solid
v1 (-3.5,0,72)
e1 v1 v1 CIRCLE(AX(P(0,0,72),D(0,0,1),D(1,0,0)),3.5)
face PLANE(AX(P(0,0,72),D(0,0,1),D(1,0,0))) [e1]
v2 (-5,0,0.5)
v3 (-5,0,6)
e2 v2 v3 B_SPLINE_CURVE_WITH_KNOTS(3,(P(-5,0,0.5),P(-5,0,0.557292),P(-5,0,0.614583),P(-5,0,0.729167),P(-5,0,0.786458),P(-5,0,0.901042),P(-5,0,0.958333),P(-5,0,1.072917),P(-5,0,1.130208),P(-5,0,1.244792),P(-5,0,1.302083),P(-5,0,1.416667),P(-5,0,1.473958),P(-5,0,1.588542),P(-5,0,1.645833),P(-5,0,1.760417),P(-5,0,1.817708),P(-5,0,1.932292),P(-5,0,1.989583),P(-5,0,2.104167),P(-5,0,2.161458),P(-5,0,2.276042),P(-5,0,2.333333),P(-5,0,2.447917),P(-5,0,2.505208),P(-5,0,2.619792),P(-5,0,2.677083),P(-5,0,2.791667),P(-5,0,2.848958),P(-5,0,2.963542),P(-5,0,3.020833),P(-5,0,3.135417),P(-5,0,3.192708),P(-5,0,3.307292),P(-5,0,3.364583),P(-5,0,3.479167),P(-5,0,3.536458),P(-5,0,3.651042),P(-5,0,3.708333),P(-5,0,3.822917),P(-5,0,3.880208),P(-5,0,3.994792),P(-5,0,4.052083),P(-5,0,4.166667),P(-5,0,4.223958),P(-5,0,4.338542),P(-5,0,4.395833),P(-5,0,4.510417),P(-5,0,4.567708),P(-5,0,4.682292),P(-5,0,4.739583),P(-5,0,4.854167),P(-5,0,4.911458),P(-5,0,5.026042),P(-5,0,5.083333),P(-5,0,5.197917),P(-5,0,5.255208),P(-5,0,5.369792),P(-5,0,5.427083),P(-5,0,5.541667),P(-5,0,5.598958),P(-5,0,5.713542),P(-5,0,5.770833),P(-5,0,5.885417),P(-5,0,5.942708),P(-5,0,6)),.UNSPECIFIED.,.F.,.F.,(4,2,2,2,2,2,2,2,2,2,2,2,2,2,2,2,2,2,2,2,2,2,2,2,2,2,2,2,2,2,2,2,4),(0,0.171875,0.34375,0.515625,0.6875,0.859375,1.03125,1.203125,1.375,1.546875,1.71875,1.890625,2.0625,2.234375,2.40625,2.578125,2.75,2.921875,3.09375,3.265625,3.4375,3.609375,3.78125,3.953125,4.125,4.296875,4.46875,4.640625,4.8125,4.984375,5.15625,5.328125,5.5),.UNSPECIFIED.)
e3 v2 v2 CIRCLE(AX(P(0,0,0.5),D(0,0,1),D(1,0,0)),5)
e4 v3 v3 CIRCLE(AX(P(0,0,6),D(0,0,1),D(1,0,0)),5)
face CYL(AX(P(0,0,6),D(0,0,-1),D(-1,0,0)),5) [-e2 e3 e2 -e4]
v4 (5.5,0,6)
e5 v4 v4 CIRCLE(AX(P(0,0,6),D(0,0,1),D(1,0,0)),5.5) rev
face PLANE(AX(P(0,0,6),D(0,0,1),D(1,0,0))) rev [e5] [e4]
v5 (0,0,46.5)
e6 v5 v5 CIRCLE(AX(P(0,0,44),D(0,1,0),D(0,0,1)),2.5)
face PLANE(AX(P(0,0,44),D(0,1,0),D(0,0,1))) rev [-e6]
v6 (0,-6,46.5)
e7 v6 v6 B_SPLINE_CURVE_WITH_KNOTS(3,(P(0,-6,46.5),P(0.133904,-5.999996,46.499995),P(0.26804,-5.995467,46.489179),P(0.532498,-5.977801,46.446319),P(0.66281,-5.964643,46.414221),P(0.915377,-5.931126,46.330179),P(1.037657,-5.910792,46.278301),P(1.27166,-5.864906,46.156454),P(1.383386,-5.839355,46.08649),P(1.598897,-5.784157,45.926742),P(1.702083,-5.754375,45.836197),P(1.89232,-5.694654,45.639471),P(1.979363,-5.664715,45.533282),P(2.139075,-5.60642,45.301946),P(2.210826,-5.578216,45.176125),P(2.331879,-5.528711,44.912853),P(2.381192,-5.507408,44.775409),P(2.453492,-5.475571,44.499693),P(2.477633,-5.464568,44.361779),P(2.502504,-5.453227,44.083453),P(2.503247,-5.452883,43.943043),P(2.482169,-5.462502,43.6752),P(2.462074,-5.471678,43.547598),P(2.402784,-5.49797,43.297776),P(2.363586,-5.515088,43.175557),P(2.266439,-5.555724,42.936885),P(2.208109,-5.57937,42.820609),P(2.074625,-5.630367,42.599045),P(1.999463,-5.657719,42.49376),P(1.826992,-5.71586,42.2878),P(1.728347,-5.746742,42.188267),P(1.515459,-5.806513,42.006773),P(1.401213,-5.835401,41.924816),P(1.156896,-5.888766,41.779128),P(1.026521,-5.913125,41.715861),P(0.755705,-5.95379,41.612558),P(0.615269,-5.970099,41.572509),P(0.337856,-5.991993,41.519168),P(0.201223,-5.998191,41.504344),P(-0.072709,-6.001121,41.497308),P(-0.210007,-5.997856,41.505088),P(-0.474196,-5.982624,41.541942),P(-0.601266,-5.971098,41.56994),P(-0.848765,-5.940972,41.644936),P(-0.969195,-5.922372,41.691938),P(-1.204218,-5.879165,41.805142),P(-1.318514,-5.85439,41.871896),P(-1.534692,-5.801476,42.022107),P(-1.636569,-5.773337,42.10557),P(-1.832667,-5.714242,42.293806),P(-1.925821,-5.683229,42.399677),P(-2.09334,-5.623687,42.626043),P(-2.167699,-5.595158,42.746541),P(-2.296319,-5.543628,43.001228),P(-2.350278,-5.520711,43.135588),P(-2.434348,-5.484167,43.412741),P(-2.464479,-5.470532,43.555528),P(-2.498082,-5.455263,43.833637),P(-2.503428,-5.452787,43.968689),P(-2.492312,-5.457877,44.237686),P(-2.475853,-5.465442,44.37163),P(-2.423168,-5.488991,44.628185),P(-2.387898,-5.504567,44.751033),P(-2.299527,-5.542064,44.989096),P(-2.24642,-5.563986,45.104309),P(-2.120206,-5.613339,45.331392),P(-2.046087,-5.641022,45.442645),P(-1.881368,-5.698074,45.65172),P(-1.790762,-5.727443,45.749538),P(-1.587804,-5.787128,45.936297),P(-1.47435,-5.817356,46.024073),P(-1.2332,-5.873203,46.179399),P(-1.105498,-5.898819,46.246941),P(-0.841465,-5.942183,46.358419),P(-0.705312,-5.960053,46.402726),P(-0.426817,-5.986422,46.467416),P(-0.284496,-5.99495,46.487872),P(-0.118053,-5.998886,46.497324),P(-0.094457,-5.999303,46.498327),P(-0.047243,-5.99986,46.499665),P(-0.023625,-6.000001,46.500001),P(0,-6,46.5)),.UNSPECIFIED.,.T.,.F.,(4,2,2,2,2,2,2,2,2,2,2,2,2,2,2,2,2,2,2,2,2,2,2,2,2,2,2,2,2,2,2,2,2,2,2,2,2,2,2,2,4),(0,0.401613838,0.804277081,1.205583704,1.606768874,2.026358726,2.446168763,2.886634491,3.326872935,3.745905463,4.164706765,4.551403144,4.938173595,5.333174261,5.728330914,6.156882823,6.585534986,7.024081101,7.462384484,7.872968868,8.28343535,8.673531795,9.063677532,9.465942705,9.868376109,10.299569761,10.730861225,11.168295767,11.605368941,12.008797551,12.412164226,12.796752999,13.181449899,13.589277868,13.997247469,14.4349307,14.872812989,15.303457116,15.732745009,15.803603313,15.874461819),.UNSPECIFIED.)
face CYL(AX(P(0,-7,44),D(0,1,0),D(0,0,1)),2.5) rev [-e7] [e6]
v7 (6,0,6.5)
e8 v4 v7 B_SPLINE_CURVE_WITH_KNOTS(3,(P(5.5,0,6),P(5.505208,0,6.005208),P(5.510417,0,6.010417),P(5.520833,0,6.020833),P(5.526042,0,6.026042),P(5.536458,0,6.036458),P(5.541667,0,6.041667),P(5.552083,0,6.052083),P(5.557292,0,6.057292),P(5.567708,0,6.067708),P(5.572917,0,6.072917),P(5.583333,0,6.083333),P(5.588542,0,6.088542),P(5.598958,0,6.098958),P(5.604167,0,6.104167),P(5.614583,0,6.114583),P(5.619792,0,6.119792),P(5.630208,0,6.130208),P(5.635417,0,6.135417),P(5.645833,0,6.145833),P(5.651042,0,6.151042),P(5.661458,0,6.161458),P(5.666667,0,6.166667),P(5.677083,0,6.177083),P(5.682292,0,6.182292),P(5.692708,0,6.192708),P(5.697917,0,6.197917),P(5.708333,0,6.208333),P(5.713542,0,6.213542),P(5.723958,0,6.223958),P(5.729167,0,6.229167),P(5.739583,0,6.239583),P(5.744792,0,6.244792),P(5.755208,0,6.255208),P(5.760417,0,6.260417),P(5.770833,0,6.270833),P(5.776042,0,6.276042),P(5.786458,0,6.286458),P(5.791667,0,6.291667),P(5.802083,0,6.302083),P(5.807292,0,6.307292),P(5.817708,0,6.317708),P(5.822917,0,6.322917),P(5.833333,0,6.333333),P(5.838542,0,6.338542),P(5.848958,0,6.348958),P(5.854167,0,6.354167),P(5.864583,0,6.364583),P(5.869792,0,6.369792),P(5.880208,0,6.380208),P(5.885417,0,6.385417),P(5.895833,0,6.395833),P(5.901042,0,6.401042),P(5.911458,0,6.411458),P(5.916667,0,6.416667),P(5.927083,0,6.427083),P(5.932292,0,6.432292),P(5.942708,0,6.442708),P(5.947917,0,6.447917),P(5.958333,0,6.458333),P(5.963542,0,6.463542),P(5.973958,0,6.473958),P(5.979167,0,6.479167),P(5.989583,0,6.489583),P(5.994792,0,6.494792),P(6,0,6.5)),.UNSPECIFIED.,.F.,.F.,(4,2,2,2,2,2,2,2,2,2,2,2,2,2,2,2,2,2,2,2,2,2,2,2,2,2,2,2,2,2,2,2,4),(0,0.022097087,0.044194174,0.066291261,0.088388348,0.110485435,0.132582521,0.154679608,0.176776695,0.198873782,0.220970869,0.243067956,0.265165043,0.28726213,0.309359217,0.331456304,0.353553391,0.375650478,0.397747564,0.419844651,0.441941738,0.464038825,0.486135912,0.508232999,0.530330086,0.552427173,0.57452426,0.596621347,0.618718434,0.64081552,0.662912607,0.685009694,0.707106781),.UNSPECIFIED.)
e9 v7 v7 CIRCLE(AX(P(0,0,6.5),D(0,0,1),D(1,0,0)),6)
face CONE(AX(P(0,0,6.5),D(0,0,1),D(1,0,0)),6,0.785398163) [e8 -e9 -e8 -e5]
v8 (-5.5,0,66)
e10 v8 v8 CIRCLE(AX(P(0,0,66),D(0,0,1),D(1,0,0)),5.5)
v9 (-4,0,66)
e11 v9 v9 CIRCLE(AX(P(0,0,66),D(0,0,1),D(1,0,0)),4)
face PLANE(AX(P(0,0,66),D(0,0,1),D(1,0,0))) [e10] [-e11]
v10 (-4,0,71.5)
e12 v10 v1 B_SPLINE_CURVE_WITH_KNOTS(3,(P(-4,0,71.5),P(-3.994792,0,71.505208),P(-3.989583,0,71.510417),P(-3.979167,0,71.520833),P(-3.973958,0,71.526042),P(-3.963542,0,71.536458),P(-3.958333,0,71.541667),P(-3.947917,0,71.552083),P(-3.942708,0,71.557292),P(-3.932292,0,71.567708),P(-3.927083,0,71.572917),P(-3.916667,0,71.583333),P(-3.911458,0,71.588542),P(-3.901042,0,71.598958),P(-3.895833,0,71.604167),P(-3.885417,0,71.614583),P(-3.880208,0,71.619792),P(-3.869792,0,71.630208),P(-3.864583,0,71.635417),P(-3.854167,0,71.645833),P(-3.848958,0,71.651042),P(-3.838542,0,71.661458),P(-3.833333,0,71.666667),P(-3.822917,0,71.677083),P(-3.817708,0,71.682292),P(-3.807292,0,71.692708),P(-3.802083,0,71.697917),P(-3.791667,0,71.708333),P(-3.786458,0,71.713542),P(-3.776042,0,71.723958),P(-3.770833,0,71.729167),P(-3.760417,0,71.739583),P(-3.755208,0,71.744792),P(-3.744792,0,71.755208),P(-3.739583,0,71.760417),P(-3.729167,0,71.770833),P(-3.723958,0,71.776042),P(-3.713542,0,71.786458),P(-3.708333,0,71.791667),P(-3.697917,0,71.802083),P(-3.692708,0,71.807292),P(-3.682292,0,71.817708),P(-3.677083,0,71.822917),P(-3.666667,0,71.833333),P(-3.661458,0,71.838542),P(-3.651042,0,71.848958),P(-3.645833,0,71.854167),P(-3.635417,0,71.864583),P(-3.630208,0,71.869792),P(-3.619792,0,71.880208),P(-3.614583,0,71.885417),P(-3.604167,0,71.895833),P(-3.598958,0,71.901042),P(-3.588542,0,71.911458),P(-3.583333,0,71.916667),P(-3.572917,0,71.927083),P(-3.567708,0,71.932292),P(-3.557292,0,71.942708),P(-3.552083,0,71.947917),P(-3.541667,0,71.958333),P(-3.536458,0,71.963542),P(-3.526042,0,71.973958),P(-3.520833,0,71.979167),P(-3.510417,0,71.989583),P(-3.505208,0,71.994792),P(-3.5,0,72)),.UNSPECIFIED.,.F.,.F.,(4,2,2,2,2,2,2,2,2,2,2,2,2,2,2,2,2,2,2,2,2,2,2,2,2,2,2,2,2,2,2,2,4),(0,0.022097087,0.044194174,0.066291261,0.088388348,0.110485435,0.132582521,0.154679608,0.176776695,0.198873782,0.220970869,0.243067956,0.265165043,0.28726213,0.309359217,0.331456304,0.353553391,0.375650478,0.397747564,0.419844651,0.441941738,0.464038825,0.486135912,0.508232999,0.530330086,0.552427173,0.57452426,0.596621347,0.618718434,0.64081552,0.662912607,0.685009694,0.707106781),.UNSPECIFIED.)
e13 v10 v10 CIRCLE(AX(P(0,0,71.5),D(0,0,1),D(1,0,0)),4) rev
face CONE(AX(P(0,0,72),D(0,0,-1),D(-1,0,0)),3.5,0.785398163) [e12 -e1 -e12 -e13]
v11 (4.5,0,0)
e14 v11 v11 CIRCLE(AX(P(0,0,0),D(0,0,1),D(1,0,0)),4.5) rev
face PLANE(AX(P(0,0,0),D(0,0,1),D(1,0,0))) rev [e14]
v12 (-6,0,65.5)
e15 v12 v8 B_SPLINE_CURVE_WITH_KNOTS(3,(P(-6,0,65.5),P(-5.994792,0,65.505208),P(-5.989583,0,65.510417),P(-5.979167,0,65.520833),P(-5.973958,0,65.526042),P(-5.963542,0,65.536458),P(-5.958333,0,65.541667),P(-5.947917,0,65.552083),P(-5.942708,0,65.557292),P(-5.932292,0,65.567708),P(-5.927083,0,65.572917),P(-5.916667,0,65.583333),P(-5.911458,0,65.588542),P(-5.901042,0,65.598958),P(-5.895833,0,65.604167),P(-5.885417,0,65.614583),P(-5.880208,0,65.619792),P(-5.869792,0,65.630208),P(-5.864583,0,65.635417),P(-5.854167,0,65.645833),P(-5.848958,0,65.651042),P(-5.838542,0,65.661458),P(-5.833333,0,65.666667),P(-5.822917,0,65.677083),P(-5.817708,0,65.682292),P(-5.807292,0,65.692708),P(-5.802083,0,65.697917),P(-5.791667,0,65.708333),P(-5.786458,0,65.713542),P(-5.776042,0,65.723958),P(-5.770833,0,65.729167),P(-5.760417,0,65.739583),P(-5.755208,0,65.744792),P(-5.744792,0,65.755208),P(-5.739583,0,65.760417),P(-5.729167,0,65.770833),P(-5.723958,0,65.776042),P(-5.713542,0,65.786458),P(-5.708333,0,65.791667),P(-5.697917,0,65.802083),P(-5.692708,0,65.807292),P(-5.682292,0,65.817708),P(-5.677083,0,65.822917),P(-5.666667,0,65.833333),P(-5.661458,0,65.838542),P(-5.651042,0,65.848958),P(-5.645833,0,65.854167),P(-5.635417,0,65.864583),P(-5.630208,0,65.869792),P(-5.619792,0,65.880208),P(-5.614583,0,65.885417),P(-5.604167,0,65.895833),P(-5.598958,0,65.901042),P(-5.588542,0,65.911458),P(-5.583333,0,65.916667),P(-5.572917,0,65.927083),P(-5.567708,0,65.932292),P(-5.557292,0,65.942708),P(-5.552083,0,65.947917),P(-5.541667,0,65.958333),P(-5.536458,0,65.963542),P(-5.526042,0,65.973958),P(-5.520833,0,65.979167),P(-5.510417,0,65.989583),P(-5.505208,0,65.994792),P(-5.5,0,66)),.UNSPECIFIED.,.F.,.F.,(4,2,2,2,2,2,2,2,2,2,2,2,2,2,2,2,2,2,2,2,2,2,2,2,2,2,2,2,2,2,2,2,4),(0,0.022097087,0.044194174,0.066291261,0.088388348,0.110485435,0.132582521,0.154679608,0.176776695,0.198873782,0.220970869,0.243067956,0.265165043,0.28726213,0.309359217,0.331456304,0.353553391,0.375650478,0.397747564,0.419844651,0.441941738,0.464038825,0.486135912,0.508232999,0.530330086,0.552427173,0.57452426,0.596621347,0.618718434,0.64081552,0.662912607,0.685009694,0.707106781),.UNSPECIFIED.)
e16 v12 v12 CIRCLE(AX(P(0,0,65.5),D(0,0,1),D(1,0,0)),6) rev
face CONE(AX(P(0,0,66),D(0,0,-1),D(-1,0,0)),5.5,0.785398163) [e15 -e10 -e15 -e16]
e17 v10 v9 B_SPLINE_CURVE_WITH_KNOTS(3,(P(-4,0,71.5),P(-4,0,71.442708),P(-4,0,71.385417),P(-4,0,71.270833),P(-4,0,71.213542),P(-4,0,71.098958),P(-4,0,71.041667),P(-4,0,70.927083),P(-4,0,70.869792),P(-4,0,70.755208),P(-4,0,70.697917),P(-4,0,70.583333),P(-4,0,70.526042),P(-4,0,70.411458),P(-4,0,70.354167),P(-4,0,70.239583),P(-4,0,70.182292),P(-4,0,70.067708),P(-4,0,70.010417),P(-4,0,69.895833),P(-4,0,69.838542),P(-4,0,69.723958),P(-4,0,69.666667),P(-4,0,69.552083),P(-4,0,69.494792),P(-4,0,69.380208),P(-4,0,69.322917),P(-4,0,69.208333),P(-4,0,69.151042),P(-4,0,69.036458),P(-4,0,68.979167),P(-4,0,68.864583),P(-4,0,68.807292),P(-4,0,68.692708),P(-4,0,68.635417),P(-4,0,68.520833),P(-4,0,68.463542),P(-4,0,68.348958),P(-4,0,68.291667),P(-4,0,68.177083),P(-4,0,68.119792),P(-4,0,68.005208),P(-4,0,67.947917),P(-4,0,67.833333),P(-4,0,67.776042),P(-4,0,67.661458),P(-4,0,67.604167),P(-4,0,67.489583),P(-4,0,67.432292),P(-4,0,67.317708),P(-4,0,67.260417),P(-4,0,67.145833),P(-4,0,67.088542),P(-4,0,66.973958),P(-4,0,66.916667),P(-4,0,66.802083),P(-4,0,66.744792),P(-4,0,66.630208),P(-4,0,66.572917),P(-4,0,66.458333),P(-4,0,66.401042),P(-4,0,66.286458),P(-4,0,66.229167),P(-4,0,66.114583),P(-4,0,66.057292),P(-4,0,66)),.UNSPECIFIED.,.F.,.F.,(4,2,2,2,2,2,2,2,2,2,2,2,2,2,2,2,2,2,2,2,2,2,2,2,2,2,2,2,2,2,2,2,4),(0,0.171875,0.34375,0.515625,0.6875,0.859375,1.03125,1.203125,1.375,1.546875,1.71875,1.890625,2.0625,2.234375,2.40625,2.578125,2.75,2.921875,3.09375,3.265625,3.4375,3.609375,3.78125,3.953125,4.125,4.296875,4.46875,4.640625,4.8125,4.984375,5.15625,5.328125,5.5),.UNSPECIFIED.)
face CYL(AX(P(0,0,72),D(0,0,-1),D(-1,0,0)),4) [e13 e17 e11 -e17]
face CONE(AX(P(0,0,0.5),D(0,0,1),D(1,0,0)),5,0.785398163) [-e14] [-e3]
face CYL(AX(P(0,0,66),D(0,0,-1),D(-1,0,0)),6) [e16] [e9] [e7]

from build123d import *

# Parameters (mm, degrees)
ESQUISSE1_R             = 5
BASE_EXTRUSION_DEPTH    = 6
ESQUISSE2_R             = 6
BOSS_EXTRU_1_DEPTH      = 60
ESQUISSE3_R             = 4
BOSS_EXTRU_2_DEPTH      = 6
CHANFREIN1_SIZE         = 0.5
ESQUISSE4_R             = 2.5
ENL_V_MAT_EXTRU_1_DEPTH = 7


with BuildPart() as part:
    # Esquisse1 → Base-Extrusion (new body)
    with BuildSketch(Plane.XY):
        with Locations(Location((0, 0, 0), (0, 0, 180))):
            Circle(ESQUISSE1_R)
    extrude(amount=BASE_EXTRUSION_DEPTH)

    # Esquisse2 → Boss.-Extru.1 (add)
    with BuildSketch(Plane.XY.offset(6)):
        with Locations(Location((0, 0, 0), (0, 0, 180))):
            Circle(ESQUISSE2_R)
    extrude(amount=BOSS_EXTRU_1_DEPTH)

    # Esquisse3 → Boss.-Extru.2 (add)
    with BuildSketch(Plane.XY.offset(66)):
        with Locations(Location((0, 0, 0), (0, 0, 180))):
            Circle(ESQUISSE3_R)
    extrude(amount=BOSS_EXTRU_2_DEPTH)

    # Chanfrein1
    chanfrein1_edges = [part.edges().sort_by_distance(p)[0] for p in [
        (6, 0, 6),
        (6, 0, 66),
        (5, 0, 0),
        (4, 0, 72),
    ]]
    chamfer(chanfrein1_edges, length=CHANFREIN1_SIZE)

    # Esquisse4 → Enlèv. mat.-Extru.1 (cut)
    with BuildSketch(Plane(origin=(0, 0, 0), x_dir=(1, 0, 0), z_dir=(0, 1, 0))):
        with Locations(Location((0, -44, 0), (0, 0, 270))):
            Circle(ESQUISSE4_R)
    extrude(amount=-ENL_V_MAT_EXTRU_1_DEPTH, mode=Mode.SUBTRACT)


solid = part.part
